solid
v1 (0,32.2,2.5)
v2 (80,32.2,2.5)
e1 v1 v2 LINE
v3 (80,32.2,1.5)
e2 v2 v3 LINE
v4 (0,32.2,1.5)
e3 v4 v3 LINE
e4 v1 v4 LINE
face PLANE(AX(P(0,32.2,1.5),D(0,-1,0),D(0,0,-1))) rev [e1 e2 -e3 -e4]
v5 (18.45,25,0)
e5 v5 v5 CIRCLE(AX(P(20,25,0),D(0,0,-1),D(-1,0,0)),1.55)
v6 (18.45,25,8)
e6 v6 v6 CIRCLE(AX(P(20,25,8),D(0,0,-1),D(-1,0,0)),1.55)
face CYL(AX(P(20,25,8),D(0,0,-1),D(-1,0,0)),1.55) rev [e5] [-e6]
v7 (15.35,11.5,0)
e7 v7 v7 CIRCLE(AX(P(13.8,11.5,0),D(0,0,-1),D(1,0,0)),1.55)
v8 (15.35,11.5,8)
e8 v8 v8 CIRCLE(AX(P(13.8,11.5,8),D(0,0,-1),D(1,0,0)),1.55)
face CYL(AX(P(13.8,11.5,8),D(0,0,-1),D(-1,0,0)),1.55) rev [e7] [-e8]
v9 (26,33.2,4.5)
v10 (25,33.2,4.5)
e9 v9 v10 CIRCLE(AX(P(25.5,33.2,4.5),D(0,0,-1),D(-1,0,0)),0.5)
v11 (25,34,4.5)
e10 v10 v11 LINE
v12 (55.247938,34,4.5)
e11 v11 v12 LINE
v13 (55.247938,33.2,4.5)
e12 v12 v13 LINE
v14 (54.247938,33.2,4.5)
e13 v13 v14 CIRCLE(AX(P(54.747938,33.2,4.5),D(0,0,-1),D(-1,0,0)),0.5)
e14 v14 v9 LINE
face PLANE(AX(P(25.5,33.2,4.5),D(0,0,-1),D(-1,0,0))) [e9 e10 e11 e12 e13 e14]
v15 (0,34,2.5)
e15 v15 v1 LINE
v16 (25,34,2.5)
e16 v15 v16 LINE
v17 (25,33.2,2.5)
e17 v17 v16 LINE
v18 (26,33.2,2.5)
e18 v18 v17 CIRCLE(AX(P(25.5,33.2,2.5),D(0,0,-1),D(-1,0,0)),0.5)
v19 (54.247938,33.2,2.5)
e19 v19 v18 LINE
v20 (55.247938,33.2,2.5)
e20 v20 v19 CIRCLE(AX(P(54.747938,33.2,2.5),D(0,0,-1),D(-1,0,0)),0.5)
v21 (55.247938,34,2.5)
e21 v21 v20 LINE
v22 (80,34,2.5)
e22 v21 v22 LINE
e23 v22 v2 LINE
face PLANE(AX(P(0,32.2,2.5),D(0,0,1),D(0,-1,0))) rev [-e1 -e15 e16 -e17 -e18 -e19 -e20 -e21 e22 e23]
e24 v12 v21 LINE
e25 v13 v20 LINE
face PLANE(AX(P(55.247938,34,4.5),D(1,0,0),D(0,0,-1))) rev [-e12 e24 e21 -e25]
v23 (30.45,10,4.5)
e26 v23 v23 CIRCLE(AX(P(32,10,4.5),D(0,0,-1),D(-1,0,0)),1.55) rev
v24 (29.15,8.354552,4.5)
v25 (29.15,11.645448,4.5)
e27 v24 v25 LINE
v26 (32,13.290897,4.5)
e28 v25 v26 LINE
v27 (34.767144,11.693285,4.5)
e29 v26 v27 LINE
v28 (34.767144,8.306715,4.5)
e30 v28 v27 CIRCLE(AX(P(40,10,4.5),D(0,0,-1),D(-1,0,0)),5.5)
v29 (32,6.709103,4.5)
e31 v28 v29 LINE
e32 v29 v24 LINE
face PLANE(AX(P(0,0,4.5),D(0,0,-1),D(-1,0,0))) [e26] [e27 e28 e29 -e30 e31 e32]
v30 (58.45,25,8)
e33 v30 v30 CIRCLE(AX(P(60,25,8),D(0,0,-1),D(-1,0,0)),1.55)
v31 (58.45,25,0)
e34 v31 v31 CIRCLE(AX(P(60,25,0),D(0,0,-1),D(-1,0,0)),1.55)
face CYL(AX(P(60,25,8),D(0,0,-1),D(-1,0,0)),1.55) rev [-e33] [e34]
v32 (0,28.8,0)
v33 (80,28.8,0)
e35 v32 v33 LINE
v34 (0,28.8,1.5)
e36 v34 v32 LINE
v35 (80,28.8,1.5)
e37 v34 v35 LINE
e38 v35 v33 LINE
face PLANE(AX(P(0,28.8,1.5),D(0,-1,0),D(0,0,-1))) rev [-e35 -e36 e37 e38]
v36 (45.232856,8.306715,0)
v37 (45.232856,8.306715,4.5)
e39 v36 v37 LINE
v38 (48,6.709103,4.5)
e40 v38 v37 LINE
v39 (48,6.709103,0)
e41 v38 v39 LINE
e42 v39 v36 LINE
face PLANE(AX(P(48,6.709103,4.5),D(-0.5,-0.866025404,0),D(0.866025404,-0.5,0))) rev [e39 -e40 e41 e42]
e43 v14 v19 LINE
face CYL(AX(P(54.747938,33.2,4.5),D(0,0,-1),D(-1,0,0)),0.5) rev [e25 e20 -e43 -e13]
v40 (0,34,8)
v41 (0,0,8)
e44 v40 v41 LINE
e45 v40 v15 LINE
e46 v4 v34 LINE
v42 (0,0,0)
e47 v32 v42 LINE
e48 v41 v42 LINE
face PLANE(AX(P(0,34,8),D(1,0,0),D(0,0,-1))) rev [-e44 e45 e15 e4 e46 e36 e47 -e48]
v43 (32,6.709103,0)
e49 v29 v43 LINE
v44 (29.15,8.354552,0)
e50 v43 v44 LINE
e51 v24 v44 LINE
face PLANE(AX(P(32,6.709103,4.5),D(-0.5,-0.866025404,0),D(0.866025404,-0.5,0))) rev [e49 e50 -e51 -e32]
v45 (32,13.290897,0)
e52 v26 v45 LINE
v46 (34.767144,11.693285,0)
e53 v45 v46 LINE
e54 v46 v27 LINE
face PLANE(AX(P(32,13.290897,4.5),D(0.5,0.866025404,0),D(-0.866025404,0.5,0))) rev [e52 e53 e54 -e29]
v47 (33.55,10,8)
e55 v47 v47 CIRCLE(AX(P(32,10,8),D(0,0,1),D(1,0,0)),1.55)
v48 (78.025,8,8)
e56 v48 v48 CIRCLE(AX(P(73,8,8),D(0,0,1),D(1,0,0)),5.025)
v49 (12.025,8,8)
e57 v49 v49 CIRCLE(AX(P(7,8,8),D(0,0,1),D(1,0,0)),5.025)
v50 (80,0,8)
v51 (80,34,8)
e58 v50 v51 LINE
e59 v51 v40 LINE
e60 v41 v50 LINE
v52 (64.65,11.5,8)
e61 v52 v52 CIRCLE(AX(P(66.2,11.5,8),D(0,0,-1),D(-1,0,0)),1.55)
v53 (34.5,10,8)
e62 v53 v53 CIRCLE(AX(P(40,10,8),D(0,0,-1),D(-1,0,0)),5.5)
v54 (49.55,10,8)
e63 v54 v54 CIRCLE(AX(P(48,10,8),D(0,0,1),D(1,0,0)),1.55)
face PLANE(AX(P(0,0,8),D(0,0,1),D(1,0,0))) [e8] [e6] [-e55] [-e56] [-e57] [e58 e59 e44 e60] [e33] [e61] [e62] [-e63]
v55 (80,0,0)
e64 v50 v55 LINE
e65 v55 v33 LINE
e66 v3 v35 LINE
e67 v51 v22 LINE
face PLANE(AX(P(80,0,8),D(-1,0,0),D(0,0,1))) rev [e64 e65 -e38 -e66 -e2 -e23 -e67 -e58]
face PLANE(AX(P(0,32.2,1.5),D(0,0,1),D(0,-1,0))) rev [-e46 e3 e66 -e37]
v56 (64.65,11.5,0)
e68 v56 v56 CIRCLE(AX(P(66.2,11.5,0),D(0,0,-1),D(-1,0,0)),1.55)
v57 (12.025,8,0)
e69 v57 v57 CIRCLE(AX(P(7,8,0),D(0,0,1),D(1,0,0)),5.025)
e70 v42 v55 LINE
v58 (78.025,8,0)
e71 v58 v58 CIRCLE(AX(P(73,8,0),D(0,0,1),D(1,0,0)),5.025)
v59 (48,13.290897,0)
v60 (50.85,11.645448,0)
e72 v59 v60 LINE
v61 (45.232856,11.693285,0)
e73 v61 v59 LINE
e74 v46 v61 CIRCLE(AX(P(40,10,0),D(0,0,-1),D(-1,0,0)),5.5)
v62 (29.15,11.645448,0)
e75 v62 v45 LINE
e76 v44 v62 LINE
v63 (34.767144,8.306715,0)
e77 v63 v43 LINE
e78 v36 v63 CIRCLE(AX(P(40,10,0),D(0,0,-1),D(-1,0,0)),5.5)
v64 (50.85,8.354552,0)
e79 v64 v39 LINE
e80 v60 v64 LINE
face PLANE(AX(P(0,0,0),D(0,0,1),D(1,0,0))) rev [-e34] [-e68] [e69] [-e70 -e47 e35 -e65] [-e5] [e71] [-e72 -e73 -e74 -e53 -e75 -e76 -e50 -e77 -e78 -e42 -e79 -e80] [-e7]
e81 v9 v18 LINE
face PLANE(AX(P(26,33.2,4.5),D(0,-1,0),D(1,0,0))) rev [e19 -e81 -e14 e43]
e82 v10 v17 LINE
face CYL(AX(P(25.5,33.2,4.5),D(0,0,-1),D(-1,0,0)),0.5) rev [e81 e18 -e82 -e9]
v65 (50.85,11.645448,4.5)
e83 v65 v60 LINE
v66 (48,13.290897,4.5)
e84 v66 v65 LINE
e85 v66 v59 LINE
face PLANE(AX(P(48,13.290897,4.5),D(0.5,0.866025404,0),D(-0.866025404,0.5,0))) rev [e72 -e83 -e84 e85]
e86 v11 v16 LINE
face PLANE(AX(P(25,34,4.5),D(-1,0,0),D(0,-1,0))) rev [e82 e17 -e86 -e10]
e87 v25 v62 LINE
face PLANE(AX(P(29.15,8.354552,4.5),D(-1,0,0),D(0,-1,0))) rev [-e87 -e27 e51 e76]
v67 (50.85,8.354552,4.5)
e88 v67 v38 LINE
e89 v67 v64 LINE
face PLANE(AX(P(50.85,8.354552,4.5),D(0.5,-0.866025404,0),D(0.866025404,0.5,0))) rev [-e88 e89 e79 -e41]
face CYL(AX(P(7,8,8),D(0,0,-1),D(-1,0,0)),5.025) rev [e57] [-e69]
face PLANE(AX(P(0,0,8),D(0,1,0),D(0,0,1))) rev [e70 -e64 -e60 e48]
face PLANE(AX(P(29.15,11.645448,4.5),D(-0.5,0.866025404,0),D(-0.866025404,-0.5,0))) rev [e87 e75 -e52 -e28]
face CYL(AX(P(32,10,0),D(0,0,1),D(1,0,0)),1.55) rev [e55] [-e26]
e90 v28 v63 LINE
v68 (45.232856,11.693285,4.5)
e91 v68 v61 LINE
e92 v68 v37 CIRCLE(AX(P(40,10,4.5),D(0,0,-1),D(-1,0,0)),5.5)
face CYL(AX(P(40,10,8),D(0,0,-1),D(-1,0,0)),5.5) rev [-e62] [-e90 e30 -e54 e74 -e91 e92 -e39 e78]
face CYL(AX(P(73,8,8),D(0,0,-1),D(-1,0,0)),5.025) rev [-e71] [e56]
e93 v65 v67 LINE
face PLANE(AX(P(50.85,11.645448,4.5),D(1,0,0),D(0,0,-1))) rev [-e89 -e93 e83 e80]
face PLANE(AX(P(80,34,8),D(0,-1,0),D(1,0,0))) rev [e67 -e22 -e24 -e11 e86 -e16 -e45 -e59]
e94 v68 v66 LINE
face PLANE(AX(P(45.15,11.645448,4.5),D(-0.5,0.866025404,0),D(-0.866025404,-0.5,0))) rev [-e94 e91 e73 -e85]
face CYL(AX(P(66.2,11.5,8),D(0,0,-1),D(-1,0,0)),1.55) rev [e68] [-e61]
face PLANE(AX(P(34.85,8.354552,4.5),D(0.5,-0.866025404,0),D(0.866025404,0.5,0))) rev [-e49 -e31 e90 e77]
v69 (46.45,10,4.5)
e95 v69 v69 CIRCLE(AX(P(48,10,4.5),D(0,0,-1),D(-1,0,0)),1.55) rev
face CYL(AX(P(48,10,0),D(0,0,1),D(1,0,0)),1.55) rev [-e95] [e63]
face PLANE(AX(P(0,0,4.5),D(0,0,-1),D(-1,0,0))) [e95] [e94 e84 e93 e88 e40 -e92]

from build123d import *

# Parameters (mm, degrees)
SKETCH_2_W           = 80
SKETCH_2_H           = 34
SKETCH_2_R           = 5.025
SKETCH_2_R_2         = 4.05
EXTRUDE_1_DEPTH      = 8
CUT_EXTRUDE_2_DEPTH  = 88.292611371
SKETCH_5_R           = 1.55
CUT_EXTRUDE_3_DEPTH  = 88.292611371
CUT_EXTRUDE_5_DEPTH  = 4.5
SKETCH_11_R          = 1.55
CUT_EXTRUDE_7_DEPTH  = 88.292611371
CUT_EXTRUDE_11_DEPTH = 2
SKETCH_22_R          = 1.55
CUT_EXTRUDE_13_DEPTH = 88.292611371
SKETCH_20_R          = 5.5
CUT_EXTRUDE_14_DEPTH = 88.292611371


with BuildPart() as part:
    # 草图2 → 凸台-拉伸1 (new body)
    with BuildSketch(Plane.XY):
        with Locations((40, 17)):
            Rectangle(SKETCH_2_W, SKETCH_2_H)
        with Locations((7, 8)):
            Circle(SKETCH_2_R, mode=Mode.SUBTRACT)
        with Locations((40, 10)):
            Circle(SKETCH_2_R_2, mode=Mode.SUBTRACT)
        with Locations((73, 8)):
            Circle(SKETCH_2_R, mode=Mode.SUBTRACT)
    extrude(amount=EXTRUDE_1_DEPTH)

    # 草图4 → 切除-拉伸2 (cut, through all)
    with BuildSketch(Plane(origin=(80, 0, 0), x_dir=(0, 0, -1), z_dir=(1, 0, 0))):
        Polygon((-1.5, 32.2), (-2.5, 32.2), (-2.5, 34), (0, 34), (0, 28.8), (-1.5, 28.8), align=None)
    extrude(amount=-CUT_EXTRUDE_2_DEPTH, mode=Mode.SUBTRACT)

    # 草图5 → 切除-拉伸3 (cut, through all)
    with BuildSketch(Plane.XY.offset(8)):
        with Locations((48, 10)):
            Circle(SKETCH_5_R)
        with Locations((32, 10)):
            Circle(SKETCH_5_R)
    extrude(amount=-CUT_EXTRUDE_3_DEPTH, mode=Mode.SUBTRACT)

    # 草图8 → 切除-拉伸5 (cut)
    with BuildSketch(Plane(origin=(0, 0, 0), x_dir=(-1, 0, 0), z_dir=(0, 0, -1))):
        Polygon((-45.15, 8.354551733), (-45.15, 11.645448267), (-48, 13.290896534), (-50.85, 11.645448267), (-50.85, 8.354551733), (-48, 6.709103466), align=None)
        Polygon((-34.85, 8.354551733), (-32, 6.709103466), (-29.15, 8.354551733), (-29.15, 11.645448267), (-32, 13.290896534), (-34.85, 11.645448267), align=None)
    extrude(amount=-CUT_EXTRUDE_5_DEPTH, mode=Mode.SUBTRACT)

    # 草图11 → 切除-拉伸7 (cut, through all)
    with BuildSketch(Plane(origin=(0, 0, 0), x_dir=(-1, 0, 0), z_dir=(0, 0, -1))):
        with Locations((-60, 25)):
            Circle(SKETCH_11_R)
        with Locations((-20, 25)):
            Circle(SKETCH_11_R)
    extrude(amount=-CUT_EXTRUDE_7_DEPTH, mode=Mode.SUBTRACT)

    # 草图19 → 切除-拉伸11 (cut)
    with BuildSketch(Plane(origin=(0, 0, 2.5), x_dir=(-1, 0, 0), z_dir=(0, 0, -1))):
        with BuildLine():
            Line((-25, 34), (-55.247938178, 34))
            Line((-55.247938178, 34), (-55.247938178, 33.2))
            ThreePointArc((-55.247938178, 33.2), (-54.747938178, 32.7), (-54.247938178, 33.2))
            Line((-54.247938178, 33.2), (-26, 33.2))
            ThreePointArc((-26, 33.2), (-25.5, 32.7), (-25, 33.2))
            Line((-25, 33.2), (-25, 34))
        make_face()
    extrude(amount=-CUT_EXTRUDE_11_DEPTH, mode=Mode.SUBTRACT)

    # 草图22 → 切除-拉伸13 (cut, through all)
    with BuildSketch(Plane(origin=(0, 0, 0), x_dir=(-1, 0, 0), z_dir=(0, 0, -1))):
        with Locations((-66.2, 11.5)):
            Circle(SKETCH_22_R)
        with Locations(Location((-13.8, 11.5, 0), (0, 0, 180))):
            Circle(SKETCH_22_R)
    extrude(amount=-CUT_EXTRUDE_13_DEPTH, mode=Mode.SUBTRACT)

    # 草图20 → 切除-拉伸14 (cut, through all)
    with BuildSketch(Plane(origin=(0, 0, 0), x_dir=(-1, 0, 0), z_dir=(0, 0, -1))):
        with Locations((-40, 10)):
            Circle(SKETCH_20_R)
    extrude(amount=-CUT_EXTRUDE_14_DEPTH, mode=Mode.SUBTRACT)


solid = part.part
